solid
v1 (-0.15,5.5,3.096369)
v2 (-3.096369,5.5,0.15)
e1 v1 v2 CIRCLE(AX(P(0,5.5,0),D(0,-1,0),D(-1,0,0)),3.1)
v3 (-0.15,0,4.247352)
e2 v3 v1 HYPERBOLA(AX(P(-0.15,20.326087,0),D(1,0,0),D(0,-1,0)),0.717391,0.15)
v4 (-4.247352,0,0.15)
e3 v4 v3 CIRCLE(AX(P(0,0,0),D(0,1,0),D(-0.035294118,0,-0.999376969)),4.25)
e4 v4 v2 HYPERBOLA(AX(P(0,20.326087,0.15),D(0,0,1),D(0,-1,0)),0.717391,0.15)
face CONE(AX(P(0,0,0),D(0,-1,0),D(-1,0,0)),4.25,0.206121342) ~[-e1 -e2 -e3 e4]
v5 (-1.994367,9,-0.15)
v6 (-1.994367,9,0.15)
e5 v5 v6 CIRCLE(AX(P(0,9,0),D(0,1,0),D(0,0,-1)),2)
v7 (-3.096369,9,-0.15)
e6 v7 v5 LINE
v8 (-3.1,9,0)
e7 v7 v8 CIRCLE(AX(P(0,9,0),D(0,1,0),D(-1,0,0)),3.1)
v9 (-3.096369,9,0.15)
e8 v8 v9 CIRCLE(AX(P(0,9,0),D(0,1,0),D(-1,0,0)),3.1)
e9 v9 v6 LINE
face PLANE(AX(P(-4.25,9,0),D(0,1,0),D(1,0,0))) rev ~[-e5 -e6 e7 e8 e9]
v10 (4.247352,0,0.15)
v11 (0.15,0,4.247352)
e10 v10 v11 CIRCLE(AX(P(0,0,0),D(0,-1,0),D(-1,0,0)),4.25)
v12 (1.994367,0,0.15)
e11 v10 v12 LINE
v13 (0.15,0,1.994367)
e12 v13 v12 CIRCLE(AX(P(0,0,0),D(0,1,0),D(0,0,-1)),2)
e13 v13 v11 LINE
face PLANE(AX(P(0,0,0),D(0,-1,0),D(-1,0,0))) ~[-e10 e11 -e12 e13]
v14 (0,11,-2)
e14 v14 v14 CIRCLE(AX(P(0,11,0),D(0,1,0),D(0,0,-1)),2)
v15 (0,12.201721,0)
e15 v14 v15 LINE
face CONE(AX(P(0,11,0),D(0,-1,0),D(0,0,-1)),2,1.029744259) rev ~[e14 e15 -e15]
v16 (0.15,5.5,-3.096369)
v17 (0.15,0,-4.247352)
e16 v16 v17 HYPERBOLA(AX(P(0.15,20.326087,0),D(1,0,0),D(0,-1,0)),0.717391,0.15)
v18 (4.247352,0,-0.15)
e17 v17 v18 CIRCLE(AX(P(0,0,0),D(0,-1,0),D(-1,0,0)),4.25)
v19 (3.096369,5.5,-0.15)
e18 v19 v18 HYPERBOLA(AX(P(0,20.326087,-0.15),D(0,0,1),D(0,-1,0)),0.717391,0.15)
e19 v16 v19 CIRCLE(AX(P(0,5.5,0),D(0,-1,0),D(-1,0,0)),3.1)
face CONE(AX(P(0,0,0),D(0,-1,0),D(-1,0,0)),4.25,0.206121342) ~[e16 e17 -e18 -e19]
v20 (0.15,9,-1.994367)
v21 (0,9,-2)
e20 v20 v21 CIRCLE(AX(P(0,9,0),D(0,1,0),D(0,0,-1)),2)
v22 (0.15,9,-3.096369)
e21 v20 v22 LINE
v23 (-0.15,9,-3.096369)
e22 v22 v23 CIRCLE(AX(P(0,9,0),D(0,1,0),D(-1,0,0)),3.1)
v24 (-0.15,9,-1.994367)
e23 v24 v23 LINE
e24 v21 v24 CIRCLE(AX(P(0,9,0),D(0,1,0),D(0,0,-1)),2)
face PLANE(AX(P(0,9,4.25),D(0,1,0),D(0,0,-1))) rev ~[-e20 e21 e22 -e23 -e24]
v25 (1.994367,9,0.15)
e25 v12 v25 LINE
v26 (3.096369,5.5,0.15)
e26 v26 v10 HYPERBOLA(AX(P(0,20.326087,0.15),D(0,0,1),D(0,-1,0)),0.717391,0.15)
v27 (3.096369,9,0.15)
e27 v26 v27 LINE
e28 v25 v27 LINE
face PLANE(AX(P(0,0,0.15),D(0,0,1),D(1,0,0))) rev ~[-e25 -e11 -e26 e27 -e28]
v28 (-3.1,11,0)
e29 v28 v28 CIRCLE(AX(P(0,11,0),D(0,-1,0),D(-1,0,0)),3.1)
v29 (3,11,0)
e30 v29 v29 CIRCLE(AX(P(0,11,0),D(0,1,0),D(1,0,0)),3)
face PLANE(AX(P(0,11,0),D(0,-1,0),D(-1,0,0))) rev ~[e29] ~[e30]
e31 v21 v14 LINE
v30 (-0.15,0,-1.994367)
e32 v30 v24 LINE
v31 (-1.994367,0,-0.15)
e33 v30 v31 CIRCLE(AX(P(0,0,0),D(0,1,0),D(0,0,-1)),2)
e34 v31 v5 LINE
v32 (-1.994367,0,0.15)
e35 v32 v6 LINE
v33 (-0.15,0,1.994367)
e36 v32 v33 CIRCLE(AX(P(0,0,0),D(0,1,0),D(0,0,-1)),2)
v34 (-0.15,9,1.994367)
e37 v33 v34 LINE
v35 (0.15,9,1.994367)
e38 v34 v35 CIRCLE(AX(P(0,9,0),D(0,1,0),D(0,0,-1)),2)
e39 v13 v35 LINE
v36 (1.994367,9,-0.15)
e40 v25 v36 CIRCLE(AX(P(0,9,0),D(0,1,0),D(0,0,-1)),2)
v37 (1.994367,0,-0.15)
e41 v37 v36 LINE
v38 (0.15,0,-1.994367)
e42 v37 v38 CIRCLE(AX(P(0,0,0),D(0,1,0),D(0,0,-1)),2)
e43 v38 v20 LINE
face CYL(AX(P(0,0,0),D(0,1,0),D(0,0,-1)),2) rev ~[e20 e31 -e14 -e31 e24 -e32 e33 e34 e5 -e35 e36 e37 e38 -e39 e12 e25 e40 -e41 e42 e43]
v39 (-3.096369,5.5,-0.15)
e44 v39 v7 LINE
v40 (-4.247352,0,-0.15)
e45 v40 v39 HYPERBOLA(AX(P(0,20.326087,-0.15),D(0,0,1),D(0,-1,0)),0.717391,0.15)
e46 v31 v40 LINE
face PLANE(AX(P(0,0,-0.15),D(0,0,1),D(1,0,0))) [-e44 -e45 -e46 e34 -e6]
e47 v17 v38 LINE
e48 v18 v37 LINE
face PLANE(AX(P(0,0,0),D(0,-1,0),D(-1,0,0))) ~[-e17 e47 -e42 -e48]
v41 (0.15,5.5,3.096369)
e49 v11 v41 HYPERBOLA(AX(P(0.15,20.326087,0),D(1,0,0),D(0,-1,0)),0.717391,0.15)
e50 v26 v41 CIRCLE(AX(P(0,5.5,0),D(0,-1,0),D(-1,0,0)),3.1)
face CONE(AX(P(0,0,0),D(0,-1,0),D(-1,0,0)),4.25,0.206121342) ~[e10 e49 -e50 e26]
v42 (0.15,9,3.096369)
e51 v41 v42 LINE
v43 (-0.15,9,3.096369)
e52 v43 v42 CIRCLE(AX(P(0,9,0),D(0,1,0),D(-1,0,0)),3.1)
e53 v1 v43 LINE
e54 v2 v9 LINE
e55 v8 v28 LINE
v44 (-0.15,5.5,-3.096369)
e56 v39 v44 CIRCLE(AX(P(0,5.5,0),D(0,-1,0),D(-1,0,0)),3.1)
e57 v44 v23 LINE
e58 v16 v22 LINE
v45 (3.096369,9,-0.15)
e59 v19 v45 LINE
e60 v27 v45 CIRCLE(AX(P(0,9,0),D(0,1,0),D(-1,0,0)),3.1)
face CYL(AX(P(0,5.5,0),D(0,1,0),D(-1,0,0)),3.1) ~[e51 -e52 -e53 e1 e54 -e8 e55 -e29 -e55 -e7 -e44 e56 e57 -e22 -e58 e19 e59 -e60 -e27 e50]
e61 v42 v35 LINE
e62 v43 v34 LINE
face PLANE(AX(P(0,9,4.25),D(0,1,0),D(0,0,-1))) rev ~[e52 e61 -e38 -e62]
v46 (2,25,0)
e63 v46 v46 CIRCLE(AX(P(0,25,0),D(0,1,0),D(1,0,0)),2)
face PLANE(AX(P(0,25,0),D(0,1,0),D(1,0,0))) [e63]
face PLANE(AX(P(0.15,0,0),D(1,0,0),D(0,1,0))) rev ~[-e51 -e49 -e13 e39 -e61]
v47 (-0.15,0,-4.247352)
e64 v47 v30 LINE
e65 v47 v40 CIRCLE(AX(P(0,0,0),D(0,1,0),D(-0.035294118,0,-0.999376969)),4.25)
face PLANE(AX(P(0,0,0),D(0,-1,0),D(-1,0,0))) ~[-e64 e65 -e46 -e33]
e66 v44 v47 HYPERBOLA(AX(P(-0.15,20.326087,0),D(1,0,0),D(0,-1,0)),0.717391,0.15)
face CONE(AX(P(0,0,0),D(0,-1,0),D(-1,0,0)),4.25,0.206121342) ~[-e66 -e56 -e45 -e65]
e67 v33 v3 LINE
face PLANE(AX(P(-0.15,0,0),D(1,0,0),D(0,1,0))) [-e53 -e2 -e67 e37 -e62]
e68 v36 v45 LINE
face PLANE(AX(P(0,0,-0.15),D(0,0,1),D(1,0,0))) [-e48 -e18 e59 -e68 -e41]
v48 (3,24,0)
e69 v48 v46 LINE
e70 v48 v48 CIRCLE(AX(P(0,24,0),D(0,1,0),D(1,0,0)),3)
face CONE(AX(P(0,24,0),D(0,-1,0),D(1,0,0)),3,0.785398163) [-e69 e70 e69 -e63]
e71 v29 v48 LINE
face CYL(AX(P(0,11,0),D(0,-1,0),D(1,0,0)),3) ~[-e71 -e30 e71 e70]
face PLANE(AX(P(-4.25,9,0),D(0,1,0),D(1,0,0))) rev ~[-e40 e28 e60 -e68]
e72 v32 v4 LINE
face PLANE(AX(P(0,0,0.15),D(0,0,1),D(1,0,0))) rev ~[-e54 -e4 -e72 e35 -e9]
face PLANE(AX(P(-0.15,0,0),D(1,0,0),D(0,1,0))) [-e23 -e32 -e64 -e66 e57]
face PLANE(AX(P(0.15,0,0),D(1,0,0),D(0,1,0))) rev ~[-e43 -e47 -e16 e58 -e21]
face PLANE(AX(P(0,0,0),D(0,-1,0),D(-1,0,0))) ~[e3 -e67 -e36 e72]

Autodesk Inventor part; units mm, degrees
ref_plane "YZ Plane" through (0, 0, 0) normal (1, 0, 0) x (0, 1, 0)
ref_plane "XZ Plane" through (0, 0, 0) normal (0, 1, 0) x (-1, 0, 0)
ref_plane "XY Plane" through (0, 0, 0) normal (0, 0, 1) x (1, 0, 0)
sketch "Sketch1" plane through (0, 0, 0) normal (0, 0, 1) x (1, 0, 0)
  line L0 (0, 0) -> (-4.25, 0) construction
  line L1 (-4.25, 0) -> (-4.25, 5.5) construction
  line L2 (-4.25, 5.5) -> (0, 5.5) construction
  line L3 (0, 5.5) -> (0, 0) construction
  line L4 (0, 5.5) -> (-3.1, 5.5) construction
  line L5 (-3.1, 5.5) -> (-3.1, 11) construction
  line L6 (-3.1, 11) -> (0, 11) construction
  line L7 (0, 11) -> (0, 5.5) construction
  line L8 (0, 0) -> (-4.25, 0)
  line L9 (-4.25, 0) -> (-3.1, 5.5)
  line L10 (-3.1, 5.5) -> (-3.1, 11)
  line L11 (-3.1, 11) -> (0, 11)
  line L12 (0, 11) -> (0, 0)
  dimension "d0" = 5.5
  dimension "d1" = 4.25
  dimension "d2" = 5.5
  dimension "d3" = 3.1
revolve "Revolution1" add sketch "Sketch1" angle 360 about axis through (0, 11, 0) along (0, -1, 0)
sketch "Sketch2" plane through (0, 11, 0) normal (0, 1, 0) x (1, 0, 0)
  circle A0 centre (0, 0) radius 3
  circle A1 centre (0, 0) radius 3.1 construction
  dimension "d5" = 6
extrude "Extrusion1" add sketch "Sketch2" along normal blind 14
thread "Thread1" size "M6x1" class "6g" standard "ANSI Metric M Profile" full length
chamfer "Chamfer1" distance 1 angle 45 1 edges at (-3, 25, 0)
sketch "Sketch3" plane through (0, 0, 0) normal (0, -1, 0) x (1, 0, 0)
  point P0 (0, 0)
  point P1 (0, 0)
hole "Hole1" at (0, 0, 0) direction (0, 1, 0) diameter 4 depth 11 tip angle 118
sketch "Sketch4" plane through (0, 0, 0) normal (1, 0, 0) x (0, 1, 0)
  line L0 (0, -4.25) -> (0, 4.25) projected
  line L1 (0, 4.25) -> (9, 4.25)
  line L2 (9, 4.25) -> (9, -4.25)
  line L3 (9, -4.25) -> (0, -4.25)
  line L4 (0, -4.25) -> (0, 4.25)
  point P0 (0, 0)
  dimension "d20" = 9
extrude "Extrusion2" cut sketch "Sketch4" along normal mid plane 0.3
sketch "Sketch5" plane through (0, 0, 0) normal (0, 0, 1) x (1, 0, 0)
  line L0 (4.25, 0) -> (3.1, 5.5) projected
  line L1 (4.25, 0) -> (-4.25, 0)
  line L2 (-4.25, 0) -> (-4.25, 9)
  line L3 (-4.25, 9) -> (4.25, 9)
  line L4 (4.25, 9) -> (4.25, 0)
  line L5 (0.15, 0) -> (0.15, 5.5) construction
  line L6 (0.15, 5.5) -> (0.15, 5.5) construction
  line L7 (0.15, 5.5) -> (0.15, 0) construction
  line L8 (0.15, 0) -> (0.15, 0) construction
  line L9 (-0.15, 5.5) -> (-0.15, 0) construction
  line L10 (-0.15, 0) -> (-0.15, 0) construction
  line L11 (-0.15, 0) -> (-0.15, 5.5) construction
  line L12 (-0.15, 5.5) -> (-0.15, 5.5) construction
  line L13 (-4.25, 0) -> (-3.1, 5.5) construction
  line L14 (-0.15, 0) -> (-4.25, 0) construction
  point P0 (0, 0)
  dimension "d23" = 9
extrude "Extrusion3" cut sketch "Sketch5" along normal mid plane 0.3
properties part number "collet_screw" material "Aluminum 6061"
